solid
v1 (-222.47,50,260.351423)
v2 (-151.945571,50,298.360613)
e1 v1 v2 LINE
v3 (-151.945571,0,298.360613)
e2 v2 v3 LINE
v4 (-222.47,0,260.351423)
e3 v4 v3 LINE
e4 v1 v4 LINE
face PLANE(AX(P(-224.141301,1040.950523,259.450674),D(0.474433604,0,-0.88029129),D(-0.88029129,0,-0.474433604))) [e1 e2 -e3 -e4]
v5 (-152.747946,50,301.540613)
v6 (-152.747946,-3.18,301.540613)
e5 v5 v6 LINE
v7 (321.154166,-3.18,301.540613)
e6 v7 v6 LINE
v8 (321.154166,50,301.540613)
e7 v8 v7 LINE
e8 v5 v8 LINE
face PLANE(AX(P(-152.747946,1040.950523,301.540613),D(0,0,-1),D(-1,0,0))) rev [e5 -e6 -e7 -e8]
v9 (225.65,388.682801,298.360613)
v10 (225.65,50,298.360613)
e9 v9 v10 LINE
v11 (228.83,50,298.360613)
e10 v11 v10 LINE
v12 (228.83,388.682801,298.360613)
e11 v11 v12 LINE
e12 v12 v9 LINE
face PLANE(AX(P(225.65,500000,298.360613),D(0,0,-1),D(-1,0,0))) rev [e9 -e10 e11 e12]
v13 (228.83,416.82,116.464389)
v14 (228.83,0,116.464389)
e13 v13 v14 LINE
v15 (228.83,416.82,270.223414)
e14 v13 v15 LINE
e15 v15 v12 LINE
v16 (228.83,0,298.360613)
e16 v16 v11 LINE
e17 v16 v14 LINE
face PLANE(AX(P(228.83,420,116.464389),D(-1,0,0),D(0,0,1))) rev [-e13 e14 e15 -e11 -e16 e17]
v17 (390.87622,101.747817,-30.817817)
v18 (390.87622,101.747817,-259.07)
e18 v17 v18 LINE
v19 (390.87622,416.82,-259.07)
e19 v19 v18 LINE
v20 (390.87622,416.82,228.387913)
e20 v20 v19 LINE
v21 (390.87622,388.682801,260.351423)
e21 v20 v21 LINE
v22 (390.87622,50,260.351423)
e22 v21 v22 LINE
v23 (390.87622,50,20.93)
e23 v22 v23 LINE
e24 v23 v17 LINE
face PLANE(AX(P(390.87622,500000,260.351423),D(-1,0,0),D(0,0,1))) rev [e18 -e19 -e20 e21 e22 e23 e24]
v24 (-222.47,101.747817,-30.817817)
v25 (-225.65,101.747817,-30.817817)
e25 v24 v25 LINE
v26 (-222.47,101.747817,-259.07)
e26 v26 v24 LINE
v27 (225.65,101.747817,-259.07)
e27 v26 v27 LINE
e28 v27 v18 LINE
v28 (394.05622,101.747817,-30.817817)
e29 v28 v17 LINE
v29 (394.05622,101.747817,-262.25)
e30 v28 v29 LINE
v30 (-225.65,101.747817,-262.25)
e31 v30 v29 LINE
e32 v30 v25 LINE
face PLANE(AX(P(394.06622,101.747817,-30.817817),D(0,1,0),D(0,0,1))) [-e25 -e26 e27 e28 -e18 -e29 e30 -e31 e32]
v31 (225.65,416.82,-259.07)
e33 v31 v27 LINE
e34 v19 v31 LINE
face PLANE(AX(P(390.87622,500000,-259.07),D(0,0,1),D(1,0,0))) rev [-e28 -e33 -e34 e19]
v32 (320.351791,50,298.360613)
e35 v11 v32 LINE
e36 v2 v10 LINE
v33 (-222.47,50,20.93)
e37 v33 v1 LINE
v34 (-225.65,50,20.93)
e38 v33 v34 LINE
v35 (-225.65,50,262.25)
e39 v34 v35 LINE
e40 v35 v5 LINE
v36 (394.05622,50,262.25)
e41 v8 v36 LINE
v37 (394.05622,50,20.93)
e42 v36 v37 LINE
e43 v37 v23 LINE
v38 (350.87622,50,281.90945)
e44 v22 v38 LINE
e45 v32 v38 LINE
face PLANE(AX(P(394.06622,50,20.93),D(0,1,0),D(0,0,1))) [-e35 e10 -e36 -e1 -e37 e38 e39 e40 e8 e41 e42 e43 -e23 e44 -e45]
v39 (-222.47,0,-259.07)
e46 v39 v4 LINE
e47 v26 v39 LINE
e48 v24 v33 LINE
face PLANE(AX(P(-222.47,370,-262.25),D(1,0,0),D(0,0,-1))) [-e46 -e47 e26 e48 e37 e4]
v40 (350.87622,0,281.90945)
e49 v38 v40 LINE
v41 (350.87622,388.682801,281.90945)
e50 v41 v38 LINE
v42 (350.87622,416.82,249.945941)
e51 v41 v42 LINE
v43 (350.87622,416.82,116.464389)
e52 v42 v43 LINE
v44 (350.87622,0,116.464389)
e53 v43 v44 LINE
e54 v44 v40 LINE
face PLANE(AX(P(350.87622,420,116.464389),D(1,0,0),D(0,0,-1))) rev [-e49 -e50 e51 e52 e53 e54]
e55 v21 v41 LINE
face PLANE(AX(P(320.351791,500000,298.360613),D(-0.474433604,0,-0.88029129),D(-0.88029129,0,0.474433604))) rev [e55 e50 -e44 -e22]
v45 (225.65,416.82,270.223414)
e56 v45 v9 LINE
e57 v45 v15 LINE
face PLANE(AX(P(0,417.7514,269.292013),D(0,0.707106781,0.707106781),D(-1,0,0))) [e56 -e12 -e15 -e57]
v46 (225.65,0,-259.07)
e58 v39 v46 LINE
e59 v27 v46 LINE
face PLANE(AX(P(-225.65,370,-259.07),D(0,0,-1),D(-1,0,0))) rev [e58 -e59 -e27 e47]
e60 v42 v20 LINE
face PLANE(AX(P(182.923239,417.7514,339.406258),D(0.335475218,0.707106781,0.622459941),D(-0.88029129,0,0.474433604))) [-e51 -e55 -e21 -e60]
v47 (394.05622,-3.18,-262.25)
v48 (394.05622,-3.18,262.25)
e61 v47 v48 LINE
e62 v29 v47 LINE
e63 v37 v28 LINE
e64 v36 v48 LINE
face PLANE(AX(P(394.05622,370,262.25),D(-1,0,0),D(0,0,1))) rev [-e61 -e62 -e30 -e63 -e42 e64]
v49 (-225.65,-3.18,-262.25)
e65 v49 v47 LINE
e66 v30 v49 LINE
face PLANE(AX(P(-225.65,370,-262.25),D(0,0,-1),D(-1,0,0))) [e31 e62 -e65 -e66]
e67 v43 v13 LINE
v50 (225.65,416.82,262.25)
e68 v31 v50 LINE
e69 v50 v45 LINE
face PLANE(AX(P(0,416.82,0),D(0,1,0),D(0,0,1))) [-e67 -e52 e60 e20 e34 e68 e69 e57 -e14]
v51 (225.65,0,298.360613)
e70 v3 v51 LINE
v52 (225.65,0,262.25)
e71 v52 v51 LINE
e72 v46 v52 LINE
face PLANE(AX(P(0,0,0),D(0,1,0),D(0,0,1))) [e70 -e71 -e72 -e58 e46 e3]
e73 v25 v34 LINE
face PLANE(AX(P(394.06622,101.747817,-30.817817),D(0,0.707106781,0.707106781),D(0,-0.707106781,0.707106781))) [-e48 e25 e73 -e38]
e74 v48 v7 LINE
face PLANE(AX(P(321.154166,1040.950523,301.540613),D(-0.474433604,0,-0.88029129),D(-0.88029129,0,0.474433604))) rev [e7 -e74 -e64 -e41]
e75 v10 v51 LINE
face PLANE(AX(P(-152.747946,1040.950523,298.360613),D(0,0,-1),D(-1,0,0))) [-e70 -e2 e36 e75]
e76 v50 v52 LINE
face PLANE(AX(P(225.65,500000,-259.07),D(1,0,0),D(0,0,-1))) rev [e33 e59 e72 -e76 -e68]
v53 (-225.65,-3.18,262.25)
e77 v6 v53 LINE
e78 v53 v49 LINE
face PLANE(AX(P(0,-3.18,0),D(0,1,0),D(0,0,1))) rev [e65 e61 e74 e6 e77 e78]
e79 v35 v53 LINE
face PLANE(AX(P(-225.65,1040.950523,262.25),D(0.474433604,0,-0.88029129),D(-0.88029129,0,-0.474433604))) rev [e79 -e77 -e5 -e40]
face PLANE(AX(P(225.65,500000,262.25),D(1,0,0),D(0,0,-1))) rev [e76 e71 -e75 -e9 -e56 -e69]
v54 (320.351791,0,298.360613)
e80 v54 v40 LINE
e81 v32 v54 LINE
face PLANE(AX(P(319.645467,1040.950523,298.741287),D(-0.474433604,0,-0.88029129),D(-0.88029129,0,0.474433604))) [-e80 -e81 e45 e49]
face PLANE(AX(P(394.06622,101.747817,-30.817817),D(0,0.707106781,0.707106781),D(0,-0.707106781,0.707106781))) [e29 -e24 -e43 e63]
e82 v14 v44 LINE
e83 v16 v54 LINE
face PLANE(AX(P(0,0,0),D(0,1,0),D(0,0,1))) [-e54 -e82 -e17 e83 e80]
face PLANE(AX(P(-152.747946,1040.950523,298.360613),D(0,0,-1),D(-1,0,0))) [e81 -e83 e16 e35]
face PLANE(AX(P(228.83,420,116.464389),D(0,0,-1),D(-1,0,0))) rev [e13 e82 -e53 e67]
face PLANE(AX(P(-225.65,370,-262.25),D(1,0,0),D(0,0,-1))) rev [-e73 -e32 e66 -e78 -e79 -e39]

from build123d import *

# Parameters (mm, degrees)
BOSS_EXTRUDE3_DEPTH    = 370
SKETCH3_W              = 619.706220458
SKETCH3_H              = 524.5
BOSS_EXTRUDE4_DEPTH    = 50
BOSS_EXTRUDE6_DEPTH    = 420
CHAMFER1_SIZE          = 30
SHELL1_T               = -3.18
CUT_EXTRUDE1_DEPTH     = 10
BOSS_EXTRUDE7_REACH    = 652.082
SKETCH13_W             = 122.046220458
SKETCH13_H             = 233.985108613
CUT_EXTRUDE3_DEPTH     = 651.08233795
SPLIT2_SURFACE_1_BACK  = 938.174
SPLIT2_SURFACE_1_DEPTH = 1876.348
BOSS_EXTRUDE8_DEPTH    = 3.18


with BuildPart() as part:
    # Sketch1 → Boss-Extrude3 (new body)
    with BuildSketch(Plane(origin=(0, 0, 0), x_dir=(1, 0, 0), z_dir=(0, 1, 0))):
        Polygon((225.65, -262.25), (394.056220458, -262.25), (394.056220458, 262.25), (225.65, 262.25), (-225.65, 262.25), (-225.65, -262.25), align=None)
    extrude(amount=BOSS_EXTRUDE3_DEPTH)

    # Sketch3 → Boss-Extrude4 (add)
    with BuildSketch(Plane(origin=(0, 370, 0), x_dir=(1, 0, 0), z_dir=(0, 1, 0))):
        with Locations((84.203110229, 0)):
            Rectangle(SKETCH3_W, SKETCH3_H)
    extrude(amount=BOSS_EXTRUDE4_DEPTH)

    # Sketch9 → Boss-Extrude6 (add)
    with BuildSketch(Plane(origin=(0, 0, 0), x_dir=(1, 0, 0), z_dir=(0, 1, 0))):
        Polygon((-225.65, -262.25), (-152.747945688, -301.540612909), (321.154166146, -301.540612909), (394.056220458, -262.25), align=None)
    extrude(amount=BOSS_EXTRUDE6_DEPTH)

    # Chamfer1
    chamfer1_edges = [part.edges().sort_by_distance(p)[0] for p in [
        (-189.198972844, 420, 281.895306454),
        (84.203110229, 420, 301.540612909),
        (357.605193302, 420, 281.895306454),
    ]]
    chamfer(chamfer1_edges, length=CHAMFER1_SIZE)

    # Shell1
    shell1_openings = [part.faces().sort_by_distance(p)[0] for p in [
        (84.203110229, 0, 17.423394881),
    ]]
    offset(amount=SHELL1_T, openings=shell1_openings, kind=Kind.INTERSECTION)

    # Sketch7 → Cut-Extrude1 (cut)
    with BuildSketch(Plane.ZY.offset(225.65)):
        Polygon((-19.07, 315), (-19.07, 230), (20.93, 190), (80.93, 190), (120.93, 230), (120.93, 315), align=None)
    extrude(amount=-CUT_EXTRUDE1_DEPTH, mode=Mode.SUBTRACT)


with BuildPart() as body_2:

    # Sketch12 → Boss-Extrude7 (new, up to next)
    with BuildSketch(Plane(origin=(0, 0, 0), x_dir=(1, 0, 0), z_dir=(0, 1, 0)), mode=Mode.PRIVATE) as boss_extrude7_sk1:
        Polygon((225.65, -262.25), (225.65, -298.360612909), (320.351791074, -298.360612909), (390.876220458, -260.35142261), (390.876220458, 259.07), (225.65, 259.07), align=None)
    boss_extrude7_tool1 = extrude(boss_extrude7_sk1.sketch, amount=BOSS_EXTRUDE7_REACH, mode=Mode.PRIVATE) - part.part
    add(boss_extrude7_tool1.solids().sort_by_distance((307.390302, 0, 15.716589))[0])

    # Sketch13 → Cut-Extrude3 (cut, through all)
    with BuildSketch(Plane.XZ):
        with Locations((289.853110229, 233.456942929)):
            Rectangle(SKETCH13_W, SKETCH13_H)
    extrude(amount=-CUT_EXTRUDE3_DEPTH, mode=Mode.SUBTRACT)


with BuildPart() as part_1:
    add(part.part)

    # Split2: cut with a surface, the side it looks to stays
    # Split2 surface: a surface, the sketch's curves swept straight by 1876.348 mm
    with BuildLine(Plane.ZY.offset(225.65).offset(-SPLIT2_SURFACE_1_BACK), mode=Mode.PRIVATE) as split2_surface_1_path:
        Line((377.982656301, 50), (20.93, 50))
        Line((20.93, 50), (-30.817816509, 101.747816509))
        Line((-30.817816509, 101.747816509), (-303.707153017, 101.747816509))
    split2_surface_1 = Shell.extrude(split2_surface_1_path.wire(), (-1 * SPLIT2_SURFACE_1_DEPTH, 0 * SPLIT2_SURFACE_1_DEPTH, 0 * SPLIT2_SURFACE_1_DEPTH))
    split(bisect_by=split2_surface_1, keep=Keep.TOP)

    add(body_2.part)  # Boss-Extrude8 merges body 2
    # Sketch14 → Boss-Extrude8 (add)
    with BuildSketch(Plane.XZ):
        Polygon((394.056220458, 262.25), (394.056220458, -262.25), (-225.65, -262.25), (-225.65, 262.25), (-152.747945688, 301.540612909), (321.154166146, 301.540612909), align=None)
    extrude(amount=BOSS_EXTRUDE8_DEPTH)


solid = part_1.part
